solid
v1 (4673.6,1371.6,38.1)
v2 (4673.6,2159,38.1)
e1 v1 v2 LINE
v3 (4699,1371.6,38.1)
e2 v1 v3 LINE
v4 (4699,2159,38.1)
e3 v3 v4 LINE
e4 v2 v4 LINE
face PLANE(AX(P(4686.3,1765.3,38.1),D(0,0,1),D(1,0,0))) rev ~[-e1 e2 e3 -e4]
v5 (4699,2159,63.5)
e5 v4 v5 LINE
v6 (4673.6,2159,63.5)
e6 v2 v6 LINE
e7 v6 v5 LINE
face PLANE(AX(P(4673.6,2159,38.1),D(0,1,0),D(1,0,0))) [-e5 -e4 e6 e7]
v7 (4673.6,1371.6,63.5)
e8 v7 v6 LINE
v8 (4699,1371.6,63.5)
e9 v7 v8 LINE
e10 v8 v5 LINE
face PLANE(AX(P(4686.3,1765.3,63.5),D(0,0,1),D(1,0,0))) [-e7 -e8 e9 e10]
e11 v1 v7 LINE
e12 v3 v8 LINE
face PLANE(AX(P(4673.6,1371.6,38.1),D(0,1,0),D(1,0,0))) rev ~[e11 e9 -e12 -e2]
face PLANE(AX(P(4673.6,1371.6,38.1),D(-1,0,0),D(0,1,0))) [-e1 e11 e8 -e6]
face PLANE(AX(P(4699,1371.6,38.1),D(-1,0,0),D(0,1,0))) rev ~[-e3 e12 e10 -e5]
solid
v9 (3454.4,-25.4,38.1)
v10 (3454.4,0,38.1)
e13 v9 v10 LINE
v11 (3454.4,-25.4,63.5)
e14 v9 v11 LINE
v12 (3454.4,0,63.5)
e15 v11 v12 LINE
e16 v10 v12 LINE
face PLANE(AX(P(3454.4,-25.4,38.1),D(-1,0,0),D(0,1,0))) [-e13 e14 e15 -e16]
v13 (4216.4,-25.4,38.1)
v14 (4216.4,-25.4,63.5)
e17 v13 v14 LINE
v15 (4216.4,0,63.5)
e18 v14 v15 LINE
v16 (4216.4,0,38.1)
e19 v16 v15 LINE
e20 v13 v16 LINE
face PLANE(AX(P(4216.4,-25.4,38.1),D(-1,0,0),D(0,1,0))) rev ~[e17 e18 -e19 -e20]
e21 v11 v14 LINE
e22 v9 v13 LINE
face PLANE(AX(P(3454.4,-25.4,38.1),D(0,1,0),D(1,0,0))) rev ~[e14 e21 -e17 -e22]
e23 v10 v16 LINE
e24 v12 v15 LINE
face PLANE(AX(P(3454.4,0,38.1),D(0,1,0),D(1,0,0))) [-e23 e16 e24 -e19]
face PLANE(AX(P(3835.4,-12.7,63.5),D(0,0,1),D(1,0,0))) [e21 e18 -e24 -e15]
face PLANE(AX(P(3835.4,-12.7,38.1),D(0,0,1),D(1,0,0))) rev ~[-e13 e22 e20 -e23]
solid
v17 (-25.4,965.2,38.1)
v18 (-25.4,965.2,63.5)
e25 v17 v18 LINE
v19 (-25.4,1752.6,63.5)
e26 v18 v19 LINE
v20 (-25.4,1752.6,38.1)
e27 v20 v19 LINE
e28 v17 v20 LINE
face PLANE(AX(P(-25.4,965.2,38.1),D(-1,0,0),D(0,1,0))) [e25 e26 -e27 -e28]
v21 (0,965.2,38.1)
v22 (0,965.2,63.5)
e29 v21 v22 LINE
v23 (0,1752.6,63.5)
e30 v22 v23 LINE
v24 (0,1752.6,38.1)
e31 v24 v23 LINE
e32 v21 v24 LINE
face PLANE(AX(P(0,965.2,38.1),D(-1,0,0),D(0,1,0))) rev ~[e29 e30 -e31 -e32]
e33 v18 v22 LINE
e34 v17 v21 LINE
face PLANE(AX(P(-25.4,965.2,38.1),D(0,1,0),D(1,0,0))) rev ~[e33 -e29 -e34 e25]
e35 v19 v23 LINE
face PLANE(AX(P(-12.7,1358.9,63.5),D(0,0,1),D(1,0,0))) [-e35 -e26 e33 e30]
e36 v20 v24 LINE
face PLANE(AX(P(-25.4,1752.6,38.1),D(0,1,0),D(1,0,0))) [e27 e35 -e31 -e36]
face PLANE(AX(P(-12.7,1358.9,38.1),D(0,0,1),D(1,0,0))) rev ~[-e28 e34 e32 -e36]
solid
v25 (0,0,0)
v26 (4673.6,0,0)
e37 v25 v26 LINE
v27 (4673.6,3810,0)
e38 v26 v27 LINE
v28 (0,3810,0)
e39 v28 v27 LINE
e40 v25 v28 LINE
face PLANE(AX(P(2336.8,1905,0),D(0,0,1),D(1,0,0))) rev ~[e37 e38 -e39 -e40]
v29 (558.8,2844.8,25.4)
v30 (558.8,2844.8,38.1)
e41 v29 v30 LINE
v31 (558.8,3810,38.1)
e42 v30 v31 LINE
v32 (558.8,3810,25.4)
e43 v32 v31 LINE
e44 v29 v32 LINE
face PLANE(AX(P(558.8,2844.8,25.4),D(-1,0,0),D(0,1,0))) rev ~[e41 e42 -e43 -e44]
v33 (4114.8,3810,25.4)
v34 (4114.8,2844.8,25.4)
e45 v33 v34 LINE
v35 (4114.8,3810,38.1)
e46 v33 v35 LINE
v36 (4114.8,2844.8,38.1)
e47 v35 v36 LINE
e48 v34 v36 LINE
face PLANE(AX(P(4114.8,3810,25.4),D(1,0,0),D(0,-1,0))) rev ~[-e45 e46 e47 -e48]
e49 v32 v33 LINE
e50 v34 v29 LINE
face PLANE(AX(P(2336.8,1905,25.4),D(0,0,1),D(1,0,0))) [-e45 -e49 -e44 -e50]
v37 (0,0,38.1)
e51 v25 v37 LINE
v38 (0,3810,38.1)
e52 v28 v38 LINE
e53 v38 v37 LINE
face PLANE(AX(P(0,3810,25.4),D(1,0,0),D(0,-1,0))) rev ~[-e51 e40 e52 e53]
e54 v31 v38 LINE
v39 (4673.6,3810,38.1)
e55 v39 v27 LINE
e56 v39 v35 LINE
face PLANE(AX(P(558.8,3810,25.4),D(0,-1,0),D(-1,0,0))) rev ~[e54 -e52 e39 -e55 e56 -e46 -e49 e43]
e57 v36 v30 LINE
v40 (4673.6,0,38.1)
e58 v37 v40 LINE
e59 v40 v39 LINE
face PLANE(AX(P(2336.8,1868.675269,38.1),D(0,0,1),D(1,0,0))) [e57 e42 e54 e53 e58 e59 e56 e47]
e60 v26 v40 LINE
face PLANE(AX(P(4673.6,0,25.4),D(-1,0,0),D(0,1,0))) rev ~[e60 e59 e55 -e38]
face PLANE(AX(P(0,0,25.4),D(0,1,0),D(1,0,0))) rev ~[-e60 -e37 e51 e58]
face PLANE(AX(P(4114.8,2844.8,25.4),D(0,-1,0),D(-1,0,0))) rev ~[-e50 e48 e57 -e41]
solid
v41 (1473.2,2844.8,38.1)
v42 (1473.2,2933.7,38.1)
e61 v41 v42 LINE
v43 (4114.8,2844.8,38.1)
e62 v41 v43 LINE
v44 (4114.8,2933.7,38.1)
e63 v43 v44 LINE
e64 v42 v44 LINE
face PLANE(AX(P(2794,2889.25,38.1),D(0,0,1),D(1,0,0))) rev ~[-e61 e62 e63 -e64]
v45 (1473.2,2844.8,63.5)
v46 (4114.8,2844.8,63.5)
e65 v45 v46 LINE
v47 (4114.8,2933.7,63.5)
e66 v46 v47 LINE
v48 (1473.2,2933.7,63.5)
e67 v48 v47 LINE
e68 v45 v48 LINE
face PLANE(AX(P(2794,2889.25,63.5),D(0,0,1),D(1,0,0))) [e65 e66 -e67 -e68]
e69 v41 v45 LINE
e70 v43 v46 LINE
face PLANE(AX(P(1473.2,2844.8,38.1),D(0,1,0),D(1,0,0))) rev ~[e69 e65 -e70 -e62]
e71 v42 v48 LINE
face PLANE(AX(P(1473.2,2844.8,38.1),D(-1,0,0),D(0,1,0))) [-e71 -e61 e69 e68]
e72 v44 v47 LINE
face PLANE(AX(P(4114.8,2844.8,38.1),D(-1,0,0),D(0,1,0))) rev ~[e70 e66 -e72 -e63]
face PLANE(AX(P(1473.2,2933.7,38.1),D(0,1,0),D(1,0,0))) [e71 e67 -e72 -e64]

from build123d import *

# Parameters (mm, degrees)
F0_W     = 4673.6
F0_H     = 3810
F1_DEPTH = 25.4
F3_DEPTH = 12.7
F4_W     = 2641.6
F4_H     = 88.9
F5_DEPTH = 25.4
F6_W     = 25.4
F6_H     = 787.4
F7_DEPTH = 25.4
F8_W     = 25.4
F8_H     = 787.4
F8_W_2   = 762
F8_H_2   = 25.4
F9_DEPTH = 25.4


with BuildPart() as f1:
    # F0 (on Top) → F1 (new body)
    with BuildSketch(Plane.XY):
        with Locations((2336.8, 1905)):
            Rectangle(F0_W, F0_H)
    extrude(amount=F1_DEPTH)

    # F2 (on face) → F3 (join)
    with BuildSketch(Plane.XY.offset(25.4)):
        Polygon((558.8, 2844.8), (558.8, 3810), (0, 3810), (0, 0), (4673.6, 0), (4673.6, 3810), (4114.8, 3810), (4114.8, 2844.8), align=None)
    extrude(amount=F3_DEPTH)


with BuildPart() as f5:
    # F4 (on face) → F5 (new body)
    with BuildSketch(Plane.XY.offset(38.1)):
        with Locations((2794, 2889.25)):
            Rectangle(F4_W, F4_H)
    extrude(amount=F5_DEPTH)


with BuildPart() as f7:
    # F6 (on face) → F7 (new body)
    with BuildSketch(Plane.XY.offset(38.1)):
        with Locations((-12.7, 1358.9)):
            Rectangle(F6_W, F6_H)
    extrude(amount=F7_DEPTH)


with BuildPart() as f9:
    # F8 (on face) → F9 (new body)
    with BuildSketch(Plane.XY.offset(38.1)):
        with Locations((4686.3, 1765.3)):
            Rectangle(F8_W, F8_H)
        with Locations((3835.4, -12.7)):
            Rectangle(F8_W_2, F8_H_2)
    extrude(amount=F9_DEPTH)


solid = Compound([f1.part, f5.part, f7.part, f9.part])
